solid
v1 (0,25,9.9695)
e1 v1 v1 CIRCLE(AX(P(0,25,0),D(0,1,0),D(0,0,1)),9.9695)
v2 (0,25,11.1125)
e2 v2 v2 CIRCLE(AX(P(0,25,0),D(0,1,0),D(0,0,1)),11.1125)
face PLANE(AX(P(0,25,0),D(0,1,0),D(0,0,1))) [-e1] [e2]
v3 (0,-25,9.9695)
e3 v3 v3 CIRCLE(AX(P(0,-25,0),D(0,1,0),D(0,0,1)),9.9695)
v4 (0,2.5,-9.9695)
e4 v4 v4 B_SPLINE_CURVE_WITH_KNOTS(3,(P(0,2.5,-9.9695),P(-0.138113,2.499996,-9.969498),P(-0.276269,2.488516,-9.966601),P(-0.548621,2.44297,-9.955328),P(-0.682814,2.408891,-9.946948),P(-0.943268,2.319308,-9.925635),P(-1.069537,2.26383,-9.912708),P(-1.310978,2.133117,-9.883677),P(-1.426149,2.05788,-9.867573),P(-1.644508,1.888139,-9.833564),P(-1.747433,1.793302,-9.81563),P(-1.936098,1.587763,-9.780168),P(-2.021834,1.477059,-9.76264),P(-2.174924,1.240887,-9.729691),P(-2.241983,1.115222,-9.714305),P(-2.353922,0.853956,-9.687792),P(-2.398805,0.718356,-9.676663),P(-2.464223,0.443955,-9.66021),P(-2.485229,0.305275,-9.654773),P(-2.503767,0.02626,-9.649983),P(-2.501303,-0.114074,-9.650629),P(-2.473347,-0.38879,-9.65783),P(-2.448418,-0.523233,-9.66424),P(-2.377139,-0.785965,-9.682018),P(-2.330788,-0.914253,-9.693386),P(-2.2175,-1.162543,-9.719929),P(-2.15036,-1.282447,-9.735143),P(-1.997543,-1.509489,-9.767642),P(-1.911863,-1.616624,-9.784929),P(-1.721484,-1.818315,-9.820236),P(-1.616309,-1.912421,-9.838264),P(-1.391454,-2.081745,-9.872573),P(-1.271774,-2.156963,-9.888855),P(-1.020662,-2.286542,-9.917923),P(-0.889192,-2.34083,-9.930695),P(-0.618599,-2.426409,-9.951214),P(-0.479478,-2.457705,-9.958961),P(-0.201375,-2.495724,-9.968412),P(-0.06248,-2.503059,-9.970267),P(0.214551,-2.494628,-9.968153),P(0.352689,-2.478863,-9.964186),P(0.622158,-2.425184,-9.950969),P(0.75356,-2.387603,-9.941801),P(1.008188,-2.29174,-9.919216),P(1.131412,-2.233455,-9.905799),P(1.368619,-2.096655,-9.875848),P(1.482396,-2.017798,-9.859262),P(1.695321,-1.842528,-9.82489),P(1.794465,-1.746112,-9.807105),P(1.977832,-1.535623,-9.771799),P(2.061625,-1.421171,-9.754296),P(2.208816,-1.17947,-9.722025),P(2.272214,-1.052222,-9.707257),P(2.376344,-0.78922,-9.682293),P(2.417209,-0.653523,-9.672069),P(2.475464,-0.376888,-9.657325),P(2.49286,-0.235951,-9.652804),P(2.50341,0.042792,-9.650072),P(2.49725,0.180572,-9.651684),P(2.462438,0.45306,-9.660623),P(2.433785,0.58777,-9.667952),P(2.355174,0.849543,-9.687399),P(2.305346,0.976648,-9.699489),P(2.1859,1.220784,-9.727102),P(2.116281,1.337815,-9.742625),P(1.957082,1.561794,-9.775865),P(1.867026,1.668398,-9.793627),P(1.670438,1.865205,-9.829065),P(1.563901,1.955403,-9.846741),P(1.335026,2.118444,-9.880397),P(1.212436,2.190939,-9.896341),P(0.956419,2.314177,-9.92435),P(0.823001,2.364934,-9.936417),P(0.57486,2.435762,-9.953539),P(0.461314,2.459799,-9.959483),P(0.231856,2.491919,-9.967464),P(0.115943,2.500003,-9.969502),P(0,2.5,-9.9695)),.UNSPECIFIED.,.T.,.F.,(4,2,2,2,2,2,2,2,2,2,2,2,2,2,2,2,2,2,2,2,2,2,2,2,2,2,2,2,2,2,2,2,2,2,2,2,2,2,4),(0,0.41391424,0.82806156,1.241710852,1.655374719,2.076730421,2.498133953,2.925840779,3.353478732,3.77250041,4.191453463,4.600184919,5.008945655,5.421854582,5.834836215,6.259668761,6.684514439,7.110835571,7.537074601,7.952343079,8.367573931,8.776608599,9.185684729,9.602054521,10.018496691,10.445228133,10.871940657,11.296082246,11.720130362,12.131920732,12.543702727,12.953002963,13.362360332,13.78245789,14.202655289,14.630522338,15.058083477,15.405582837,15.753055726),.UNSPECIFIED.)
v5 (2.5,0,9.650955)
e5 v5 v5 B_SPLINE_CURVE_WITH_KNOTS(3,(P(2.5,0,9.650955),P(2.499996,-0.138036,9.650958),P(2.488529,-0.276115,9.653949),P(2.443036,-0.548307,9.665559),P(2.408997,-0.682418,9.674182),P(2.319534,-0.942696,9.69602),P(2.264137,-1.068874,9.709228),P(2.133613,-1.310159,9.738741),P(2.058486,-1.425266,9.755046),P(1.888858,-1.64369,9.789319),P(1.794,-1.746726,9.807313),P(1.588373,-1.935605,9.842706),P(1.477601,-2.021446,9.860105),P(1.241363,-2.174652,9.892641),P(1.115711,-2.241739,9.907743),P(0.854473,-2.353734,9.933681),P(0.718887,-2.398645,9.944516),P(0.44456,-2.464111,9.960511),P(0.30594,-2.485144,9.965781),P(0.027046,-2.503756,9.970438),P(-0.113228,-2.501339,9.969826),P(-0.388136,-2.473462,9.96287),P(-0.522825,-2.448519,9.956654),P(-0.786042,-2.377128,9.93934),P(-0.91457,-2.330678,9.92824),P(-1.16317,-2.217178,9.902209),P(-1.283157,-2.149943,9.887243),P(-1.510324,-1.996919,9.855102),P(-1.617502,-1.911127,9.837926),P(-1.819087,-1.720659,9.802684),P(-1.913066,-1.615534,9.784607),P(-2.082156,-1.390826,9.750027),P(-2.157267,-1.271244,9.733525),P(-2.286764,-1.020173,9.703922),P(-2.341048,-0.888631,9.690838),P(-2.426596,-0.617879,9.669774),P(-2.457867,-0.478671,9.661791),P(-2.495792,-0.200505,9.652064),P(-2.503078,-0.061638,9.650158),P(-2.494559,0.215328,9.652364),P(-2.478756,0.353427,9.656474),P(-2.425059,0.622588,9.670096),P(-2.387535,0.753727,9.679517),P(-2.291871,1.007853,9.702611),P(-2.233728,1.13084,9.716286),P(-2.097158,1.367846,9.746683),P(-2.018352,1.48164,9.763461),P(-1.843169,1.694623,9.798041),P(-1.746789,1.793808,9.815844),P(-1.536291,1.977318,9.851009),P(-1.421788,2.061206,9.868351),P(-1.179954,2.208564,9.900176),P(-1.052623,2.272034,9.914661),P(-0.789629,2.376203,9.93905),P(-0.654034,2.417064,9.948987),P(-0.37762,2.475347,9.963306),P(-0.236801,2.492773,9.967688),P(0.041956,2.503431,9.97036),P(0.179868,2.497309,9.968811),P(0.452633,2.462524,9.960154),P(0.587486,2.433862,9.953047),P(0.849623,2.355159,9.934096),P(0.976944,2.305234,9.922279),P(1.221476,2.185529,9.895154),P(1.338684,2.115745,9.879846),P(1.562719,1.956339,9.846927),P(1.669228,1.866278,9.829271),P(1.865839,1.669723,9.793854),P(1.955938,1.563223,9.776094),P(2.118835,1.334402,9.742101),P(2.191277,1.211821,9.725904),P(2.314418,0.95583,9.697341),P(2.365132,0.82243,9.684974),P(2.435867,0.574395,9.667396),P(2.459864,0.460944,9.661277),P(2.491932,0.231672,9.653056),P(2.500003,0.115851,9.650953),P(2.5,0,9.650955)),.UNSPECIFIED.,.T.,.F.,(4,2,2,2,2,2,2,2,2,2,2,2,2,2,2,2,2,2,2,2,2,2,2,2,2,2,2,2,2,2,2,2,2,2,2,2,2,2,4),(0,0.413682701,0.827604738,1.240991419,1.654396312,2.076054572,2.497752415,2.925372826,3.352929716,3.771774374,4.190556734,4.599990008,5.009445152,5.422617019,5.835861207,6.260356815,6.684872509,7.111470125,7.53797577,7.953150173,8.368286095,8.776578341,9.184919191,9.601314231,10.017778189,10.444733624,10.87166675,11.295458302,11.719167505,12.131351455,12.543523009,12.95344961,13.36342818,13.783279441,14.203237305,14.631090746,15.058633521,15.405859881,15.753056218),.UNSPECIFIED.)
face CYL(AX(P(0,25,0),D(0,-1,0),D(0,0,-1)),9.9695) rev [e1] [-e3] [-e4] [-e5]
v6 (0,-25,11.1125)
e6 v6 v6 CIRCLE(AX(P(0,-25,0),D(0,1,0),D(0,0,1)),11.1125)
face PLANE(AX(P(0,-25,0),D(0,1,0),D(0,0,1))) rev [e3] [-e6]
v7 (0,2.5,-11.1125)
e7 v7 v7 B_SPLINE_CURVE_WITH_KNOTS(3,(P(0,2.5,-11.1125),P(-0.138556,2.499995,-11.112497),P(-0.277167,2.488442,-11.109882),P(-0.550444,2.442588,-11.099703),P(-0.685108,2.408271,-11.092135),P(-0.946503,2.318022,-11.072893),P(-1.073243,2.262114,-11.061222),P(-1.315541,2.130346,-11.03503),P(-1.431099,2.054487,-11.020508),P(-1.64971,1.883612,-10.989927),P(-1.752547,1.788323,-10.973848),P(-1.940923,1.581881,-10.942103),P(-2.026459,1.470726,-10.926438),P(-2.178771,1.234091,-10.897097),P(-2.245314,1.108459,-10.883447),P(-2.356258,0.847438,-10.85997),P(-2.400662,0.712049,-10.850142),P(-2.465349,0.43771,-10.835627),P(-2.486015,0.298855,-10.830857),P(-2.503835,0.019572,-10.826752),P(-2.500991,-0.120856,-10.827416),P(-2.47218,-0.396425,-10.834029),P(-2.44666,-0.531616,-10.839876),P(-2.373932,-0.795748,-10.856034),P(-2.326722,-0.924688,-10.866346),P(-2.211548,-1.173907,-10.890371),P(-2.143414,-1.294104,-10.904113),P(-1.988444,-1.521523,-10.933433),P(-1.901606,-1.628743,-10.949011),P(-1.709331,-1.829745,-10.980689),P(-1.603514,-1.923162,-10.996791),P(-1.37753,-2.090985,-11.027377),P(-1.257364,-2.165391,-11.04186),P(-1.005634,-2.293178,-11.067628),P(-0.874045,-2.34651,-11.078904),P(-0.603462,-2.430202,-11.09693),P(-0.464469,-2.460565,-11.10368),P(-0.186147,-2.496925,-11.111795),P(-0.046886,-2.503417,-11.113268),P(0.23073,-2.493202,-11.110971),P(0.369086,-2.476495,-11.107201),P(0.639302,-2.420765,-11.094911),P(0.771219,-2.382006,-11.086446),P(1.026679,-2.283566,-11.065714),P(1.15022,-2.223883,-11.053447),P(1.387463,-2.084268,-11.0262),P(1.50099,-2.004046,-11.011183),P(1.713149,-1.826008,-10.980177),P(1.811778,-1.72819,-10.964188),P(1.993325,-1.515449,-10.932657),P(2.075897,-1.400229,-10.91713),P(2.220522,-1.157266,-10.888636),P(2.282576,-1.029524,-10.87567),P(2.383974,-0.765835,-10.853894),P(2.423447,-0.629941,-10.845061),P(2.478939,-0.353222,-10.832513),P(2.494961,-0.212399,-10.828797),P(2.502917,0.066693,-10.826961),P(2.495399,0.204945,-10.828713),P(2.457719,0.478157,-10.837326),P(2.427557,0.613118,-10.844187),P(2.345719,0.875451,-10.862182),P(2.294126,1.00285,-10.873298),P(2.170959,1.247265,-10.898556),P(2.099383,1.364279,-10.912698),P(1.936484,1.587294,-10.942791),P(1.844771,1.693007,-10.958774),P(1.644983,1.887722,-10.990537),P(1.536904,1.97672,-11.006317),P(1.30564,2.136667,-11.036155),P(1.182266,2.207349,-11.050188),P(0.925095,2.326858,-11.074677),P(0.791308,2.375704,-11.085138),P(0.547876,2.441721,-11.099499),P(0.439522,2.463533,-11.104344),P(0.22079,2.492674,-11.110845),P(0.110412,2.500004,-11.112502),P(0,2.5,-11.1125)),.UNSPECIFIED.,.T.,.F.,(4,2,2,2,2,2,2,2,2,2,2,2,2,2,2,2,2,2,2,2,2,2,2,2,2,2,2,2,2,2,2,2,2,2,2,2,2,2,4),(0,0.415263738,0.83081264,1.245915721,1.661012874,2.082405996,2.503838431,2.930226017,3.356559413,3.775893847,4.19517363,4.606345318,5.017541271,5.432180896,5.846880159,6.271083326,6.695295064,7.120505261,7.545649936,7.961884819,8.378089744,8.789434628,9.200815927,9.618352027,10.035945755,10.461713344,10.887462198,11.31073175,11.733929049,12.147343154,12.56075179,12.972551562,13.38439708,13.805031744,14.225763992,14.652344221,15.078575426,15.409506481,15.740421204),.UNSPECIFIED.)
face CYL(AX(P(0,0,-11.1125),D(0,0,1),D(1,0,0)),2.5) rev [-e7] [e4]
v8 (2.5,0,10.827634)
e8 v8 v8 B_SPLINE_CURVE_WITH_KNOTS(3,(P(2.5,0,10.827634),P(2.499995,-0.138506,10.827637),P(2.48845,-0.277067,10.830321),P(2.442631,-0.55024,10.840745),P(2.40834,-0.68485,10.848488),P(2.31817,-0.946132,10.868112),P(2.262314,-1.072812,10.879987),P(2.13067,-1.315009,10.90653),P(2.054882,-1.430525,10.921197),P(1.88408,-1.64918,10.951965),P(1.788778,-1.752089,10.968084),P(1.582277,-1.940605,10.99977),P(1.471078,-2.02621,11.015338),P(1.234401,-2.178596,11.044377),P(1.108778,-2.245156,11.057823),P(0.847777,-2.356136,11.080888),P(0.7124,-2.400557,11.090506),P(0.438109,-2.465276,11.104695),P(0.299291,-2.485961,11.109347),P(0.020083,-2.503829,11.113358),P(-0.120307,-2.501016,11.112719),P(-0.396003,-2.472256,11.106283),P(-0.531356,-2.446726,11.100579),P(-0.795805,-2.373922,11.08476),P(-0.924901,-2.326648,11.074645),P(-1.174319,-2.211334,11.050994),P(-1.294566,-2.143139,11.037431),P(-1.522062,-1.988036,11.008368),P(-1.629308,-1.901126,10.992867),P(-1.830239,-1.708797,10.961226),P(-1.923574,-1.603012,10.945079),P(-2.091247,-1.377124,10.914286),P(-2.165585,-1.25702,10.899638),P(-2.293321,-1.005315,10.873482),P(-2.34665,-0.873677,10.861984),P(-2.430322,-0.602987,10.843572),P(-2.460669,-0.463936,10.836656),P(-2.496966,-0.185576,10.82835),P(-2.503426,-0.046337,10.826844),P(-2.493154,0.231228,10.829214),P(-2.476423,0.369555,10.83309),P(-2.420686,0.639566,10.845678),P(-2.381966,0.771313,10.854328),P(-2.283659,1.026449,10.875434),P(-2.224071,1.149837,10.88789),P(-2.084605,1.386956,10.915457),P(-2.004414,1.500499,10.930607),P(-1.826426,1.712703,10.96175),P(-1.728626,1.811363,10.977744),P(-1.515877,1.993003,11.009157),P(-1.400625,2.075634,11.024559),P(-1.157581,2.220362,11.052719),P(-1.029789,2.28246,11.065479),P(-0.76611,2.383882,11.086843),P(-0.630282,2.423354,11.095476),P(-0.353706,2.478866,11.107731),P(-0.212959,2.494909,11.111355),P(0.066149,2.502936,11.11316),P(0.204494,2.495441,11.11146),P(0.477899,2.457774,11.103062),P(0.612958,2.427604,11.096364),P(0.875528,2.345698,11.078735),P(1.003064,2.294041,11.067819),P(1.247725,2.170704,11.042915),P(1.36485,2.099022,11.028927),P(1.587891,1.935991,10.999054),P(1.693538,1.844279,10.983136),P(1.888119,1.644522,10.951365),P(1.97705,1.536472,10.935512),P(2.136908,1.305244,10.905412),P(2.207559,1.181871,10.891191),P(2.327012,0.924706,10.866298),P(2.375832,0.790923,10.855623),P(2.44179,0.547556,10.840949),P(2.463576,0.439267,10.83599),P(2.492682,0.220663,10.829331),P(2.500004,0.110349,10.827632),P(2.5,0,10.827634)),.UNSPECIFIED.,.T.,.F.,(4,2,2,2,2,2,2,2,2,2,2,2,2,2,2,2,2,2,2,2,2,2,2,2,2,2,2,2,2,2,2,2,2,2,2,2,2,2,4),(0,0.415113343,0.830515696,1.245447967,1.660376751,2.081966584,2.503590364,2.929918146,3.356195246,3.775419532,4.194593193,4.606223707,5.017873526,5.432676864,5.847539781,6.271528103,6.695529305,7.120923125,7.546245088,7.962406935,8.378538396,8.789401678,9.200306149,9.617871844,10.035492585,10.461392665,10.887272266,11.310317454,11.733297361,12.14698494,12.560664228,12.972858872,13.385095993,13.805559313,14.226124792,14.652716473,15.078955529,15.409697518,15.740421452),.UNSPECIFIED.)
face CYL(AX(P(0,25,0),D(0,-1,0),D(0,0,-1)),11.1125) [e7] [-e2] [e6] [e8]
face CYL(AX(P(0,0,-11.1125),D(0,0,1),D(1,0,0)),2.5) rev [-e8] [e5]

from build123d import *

# Parameters (mm, degrees)
SKETCH1_R               = 11.1125
SKETCH1_R_2             = 9.9695
BOSS_EXTRUDE1_DEPTH     = 25
CUT_EXTRUDE1_DEPTH      = 30.529228105
CUT_EXTRUDE1_DEPTH_BACK = 30.529228105
SKETCH2_R               = 2.5


with BuildPart() as part:
    # Sketch1 → Boss-Extrude1 (new, symmetric)
    with BuildSketch(Plane(origin=(0, 0, 0), x_dir=(1, 0, 0), z_dir=(0, 1, 0))):
        with Locations(Location((0, 0, 0), (0, 0, 270))):
            Circle(SKETCH1_R)
        with Locations(Location((0, 0, 0), (0, 0, 270))):
            Circle(SKETCH1_R_2, mode=Mode.SUBTRACT)
    extrude(amount=BOSS_EXTRUDE1_DEPTH, both=True)

    # Sketch2 → Cut-Extrude1 (cut, two sides: drawn at the far end of the back side and taken through both)
    with BuildSketch(Plane.XY.offset(-CUT_EXTRUDE1_DEPTH_BACK)):
        Circle(SKETCH2_R)
    extrude(amount=CUT_EXTRUDE1_DEPTH + CUT_EXTRUDE1_DEPTH_BACK, mode=Mode.SUBTRACT)


solid = part.part
